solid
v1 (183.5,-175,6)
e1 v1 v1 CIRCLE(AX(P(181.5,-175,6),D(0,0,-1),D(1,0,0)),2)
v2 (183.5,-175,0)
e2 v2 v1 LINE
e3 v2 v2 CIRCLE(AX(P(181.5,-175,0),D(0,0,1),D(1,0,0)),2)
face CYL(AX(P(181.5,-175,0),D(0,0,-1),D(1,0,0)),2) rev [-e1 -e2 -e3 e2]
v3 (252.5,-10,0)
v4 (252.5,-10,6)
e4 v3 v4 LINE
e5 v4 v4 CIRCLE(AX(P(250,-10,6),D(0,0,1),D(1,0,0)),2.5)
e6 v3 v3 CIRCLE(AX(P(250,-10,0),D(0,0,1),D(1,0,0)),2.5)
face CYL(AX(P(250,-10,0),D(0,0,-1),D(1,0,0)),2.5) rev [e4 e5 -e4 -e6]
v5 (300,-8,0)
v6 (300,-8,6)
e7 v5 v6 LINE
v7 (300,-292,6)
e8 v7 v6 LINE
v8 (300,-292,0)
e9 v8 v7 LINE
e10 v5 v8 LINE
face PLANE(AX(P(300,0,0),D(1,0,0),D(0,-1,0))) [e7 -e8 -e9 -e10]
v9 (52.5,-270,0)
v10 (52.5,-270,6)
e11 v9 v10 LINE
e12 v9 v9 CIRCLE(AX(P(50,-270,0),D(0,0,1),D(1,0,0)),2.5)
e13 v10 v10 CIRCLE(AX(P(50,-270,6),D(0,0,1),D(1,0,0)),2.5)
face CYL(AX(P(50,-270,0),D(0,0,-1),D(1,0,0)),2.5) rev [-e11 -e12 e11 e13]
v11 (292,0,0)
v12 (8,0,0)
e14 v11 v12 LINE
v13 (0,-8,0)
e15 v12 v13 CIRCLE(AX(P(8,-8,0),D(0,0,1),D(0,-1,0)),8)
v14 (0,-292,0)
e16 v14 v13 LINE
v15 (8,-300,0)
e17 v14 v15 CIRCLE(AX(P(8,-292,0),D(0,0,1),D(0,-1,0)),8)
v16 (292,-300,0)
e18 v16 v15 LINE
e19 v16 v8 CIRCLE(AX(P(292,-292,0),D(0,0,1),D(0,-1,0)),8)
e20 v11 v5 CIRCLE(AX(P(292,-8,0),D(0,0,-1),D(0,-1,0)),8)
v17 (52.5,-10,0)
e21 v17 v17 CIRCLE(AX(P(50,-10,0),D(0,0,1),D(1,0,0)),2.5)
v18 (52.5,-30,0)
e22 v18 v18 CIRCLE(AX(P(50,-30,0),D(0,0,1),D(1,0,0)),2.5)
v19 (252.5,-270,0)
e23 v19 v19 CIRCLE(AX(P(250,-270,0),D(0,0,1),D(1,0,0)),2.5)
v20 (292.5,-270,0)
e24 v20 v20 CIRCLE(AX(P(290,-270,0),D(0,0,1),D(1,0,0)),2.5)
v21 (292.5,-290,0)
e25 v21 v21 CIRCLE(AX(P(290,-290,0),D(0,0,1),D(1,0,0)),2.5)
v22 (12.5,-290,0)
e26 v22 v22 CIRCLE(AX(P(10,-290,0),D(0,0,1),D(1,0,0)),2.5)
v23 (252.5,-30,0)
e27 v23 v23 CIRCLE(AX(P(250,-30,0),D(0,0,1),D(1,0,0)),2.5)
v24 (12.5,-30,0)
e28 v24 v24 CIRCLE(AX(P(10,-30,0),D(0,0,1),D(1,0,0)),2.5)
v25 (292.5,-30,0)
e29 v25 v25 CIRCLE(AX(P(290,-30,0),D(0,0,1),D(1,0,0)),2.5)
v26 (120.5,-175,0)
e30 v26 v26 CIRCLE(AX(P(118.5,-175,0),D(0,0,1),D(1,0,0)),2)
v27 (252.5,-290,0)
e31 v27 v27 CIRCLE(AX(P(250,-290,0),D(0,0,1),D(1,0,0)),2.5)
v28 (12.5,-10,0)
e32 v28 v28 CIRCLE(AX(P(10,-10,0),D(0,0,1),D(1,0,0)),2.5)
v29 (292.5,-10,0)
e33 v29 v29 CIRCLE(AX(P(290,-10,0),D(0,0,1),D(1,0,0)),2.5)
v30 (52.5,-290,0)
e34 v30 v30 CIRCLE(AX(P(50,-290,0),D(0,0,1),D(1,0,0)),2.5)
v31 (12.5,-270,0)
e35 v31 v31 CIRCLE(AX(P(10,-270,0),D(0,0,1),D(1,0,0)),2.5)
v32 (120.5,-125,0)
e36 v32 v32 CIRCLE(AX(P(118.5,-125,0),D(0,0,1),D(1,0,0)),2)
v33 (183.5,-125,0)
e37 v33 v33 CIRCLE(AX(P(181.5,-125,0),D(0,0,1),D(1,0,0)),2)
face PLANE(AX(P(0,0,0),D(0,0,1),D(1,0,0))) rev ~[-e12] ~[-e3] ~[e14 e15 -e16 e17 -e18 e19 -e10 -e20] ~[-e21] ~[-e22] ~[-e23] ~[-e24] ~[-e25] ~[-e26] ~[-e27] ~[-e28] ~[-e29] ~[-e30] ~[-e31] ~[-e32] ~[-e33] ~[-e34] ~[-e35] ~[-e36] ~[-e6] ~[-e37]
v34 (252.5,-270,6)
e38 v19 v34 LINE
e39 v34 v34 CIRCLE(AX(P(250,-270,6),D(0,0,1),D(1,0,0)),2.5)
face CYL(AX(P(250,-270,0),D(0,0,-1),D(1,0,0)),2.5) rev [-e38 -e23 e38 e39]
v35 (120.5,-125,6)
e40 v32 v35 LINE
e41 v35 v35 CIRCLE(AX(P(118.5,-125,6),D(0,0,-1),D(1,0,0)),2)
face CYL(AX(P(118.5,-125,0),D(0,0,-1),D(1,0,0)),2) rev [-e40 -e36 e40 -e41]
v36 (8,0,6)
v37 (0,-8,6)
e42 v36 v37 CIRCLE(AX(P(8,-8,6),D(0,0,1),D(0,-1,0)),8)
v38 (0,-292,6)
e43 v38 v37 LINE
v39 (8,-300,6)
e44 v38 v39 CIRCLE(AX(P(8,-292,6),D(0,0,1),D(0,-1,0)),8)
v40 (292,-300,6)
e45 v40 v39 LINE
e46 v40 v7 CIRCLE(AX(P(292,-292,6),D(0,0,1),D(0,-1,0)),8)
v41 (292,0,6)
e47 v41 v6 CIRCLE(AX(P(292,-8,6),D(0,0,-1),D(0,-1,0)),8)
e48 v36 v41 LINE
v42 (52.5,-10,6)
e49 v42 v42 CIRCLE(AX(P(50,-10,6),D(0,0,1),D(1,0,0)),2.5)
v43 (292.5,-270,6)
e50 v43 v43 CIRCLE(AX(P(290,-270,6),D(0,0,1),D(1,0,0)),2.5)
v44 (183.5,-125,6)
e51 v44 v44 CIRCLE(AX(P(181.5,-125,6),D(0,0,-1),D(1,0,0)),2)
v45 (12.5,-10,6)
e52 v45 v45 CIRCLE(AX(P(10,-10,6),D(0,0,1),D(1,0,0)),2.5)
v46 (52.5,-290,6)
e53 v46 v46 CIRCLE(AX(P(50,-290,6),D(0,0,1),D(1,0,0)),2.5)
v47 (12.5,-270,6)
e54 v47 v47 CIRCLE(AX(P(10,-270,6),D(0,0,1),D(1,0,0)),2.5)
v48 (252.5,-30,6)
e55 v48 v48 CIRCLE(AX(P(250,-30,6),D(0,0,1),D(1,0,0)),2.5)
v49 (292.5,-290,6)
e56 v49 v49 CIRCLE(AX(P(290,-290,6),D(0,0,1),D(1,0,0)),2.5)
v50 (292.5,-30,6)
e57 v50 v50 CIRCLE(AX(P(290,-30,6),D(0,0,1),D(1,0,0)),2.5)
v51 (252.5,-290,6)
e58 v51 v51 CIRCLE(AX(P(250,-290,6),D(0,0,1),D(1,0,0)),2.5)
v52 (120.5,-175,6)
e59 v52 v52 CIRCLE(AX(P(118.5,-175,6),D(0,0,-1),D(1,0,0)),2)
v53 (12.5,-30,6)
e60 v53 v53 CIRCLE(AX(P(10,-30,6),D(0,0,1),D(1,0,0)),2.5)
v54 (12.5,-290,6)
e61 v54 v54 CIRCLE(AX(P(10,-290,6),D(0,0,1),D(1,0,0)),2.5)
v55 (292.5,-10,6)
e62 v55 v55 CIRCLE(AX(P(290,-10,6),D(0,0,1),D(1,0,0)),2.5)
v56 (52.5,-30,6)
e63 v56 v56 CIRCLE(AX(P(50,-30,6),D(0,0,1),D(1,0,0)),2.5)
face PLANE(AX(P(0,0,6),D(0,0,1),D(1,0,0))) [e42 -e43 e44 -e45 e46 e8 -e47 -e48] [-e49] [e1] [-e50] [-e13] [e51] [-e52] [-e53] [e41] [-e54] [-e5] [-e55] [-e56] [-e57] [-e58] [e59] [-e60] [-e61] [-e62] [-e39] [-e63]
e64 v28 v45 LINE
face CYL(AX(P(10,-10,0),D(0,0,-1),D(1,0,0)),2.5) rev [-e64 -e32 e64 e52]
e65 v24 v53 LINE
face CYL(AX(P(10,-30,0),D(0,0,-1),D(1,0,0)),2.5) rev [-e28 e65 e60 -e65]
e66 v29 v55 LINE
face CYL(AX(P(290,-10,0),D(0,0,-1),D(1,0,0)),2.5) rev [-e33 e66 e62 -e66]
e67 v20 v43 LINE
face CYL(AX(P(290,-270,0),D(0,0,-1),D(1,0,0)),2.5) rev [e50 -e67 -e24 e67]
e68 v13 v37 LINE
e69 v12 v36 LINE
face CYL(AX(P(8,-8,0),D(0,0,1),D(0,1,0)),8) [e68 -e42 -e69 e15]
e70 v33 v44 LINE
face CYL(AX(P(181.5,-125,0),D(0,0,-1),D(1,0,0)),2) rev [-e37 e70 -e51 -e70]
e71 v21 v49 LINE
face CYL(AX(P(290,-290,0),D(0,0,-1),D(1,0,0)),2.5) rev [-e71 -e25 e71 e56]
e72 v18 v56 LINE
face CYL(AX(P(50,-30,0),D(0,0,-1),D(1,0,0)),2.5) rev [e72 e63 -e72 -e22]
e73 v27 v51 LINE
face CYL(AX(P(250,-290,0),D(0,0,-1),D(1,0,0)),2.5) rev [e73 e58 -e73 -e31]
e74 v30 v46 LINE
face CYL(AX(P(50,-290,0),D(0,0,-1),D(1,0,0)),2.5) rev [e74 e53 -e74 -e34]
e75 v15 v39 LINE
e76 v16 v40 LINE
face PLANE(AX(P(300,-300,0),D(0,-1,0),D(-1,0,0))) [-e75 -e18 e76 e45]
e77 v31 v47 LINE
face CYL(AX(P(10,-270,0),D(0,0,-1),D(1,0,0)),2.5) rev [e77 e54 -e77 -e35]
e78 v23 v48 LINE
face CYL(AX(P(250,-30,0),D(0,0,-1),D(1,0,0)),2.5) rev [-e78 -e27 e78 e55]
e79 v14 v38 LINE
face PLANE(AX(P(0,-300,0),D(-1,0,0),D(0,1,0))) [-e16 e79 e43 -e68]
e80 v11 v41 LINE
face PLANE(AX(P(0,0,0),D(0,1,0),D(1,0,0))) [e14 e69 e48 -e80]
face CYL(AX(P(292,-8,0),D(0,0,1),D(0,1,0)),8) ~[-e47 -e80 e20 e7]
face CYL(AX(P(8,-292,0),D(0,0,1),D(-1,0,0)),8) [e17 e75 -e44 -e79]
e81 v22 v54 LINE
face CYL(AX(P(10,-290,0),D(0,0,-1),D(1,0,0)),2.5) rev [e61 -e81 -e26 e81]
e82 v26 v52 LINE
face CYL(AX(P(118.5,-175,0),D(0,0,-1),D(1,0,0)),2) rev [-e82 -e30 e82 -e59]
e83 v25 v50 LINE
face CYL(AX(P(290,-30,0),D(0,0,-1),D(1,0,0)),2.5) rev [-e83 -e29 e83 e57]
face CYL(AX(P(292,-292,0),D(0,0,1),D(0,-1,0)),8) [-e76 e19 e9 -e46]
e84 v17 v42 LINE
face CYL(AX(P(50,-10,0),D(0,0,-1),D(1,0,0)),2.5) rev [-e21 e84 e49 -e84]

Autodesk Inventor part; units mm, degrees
ref_plane "YZ Plane" through (0, 0, 0) normal (1, 0, 0) x (0, 1, 0)
ref_plane "XZ Plane" through (0, 0, 0) normal (0, 1, 0) x (-1, 0, 0)
ref_plane "XY Plane" through (0, 0, 0) normal (0, 0, 1) x (1, 0, 0)
sketch "Sketch1" plane through (0, 0, 0) normal (0, 0, 1) x (1, 0, 0)
  line L0 (0, 0) -> (300, 0)
  line L1 (300, 0) -> (300, -300)
  line L2 (300, -300) -> (0, -300)
  line L3 (0, -300) -> (0, 0)
  circle A0 centre (118.5, -125) radius 2
  circle A1 centre (118.5, -175) radius 2
  circle A2 centre (181.5, -175) radius 2
  circle A3 centre (181.5, -125) radius 2
  line L4 (118.5, -125) -> (118.5, -175)
  line L5 (118.5, -125) -> (181.5, -125)
  line L6 (118.5, -175) -> (181.5, -175)
  line L7 (181.5, -125) -> (181.5, -175)
  circle A4 centre (290, -10) radius 2.5
  circle A5 centre (290, -30) radius 2.5
  circle A6 centre (250, -30) radius 2.5
  circle A7 centre (250, -10) radius 2.5
  line L8 (300, -6.9) -> (223, -6.9)
  line L9 (300, -13.1) -> (223, -13.1)
  line L10 (300, -33.1) -> (223, -33.1)
  line L11 (300, -26.9) -> (223, -26.9)
  line L12 (300, -40) -> (222.6975, -40)
  line L13 (240, 0) -> (240, -40)
  circle A8 centre (290, -270) radius 2.5
  circle A9 centre (290, -290) radius 2.5
  circle A10 centre (250, -290) radius 2.5
  circle A11 centre (250, -270) radius 2.5
  circle A12 centre (50, -270) radius 2.5
  circle A13 centre (50, -290) radius 2.5
  circle A14 centre (10, -290) radius 2.5
  circle A15 centre (10, -270) radius 2.5
  circle A16 centre (50, -10) radius 2.5
  circle A17 centre (50, -30) radius 2.5
  circle A18 centre (10, -30) radius 2.5
  circle A19 centre (10, -10) radius 2.5
  dimension "d29" = 50
  dimension "d31" = 50
  dimension "d33" = 300
  dimension "d34" = 300
  dimension "d35" = 118.5
  dimension "d36" = 125
  dimension "d37" = 63
  dimension "d38" = 5
  dimension "d39" = 5
  dimension "d40" = 5
  dimension "d41" = 5
  dimension "d42" = 6.2
  dimension "d43" = 6.9
  dimension "d44" = 10
  dimension "d45" = 10
  dimension "d46" = 10
  dimension "d47" = 10
  dimension "d48" = 10
  dimension "d49" = 40
  dimension "d50" = 40
  dimension "d51" = 10
  dimension "d58" = 10
  dimension "d59" = 40
  dimension "d60" = 5
  dimension "d61" = 5
  dimension "d62" = 5
  dimension "d63" = 5
  dimension "d64" = 40
  dimension "d65" = 40
  dimension "d66" = 5
  dimension "d67" = 5
  dimension "d68" = 5
  dimension "d69" = 5
  dimension "d70" = 40
  dimension "d71" = 40
  dimension "d72" = 5
  dimension "d73" = 5
  dimension "d74" = 5
  dimension "d75" = 5
  dimension "d76" = 40
  dimension "d77" = 40
extrude "Extrusion1" add sketch "Sketch1" along normal blind 6 contours L0 L13 L12 L1 L2 L3 | L0 L1 L8 L13 | L8 L1 L9 L13 | L9 L1 L11 L13 | L12 L13 L10 L1 | L11 L1 L10 L13 | L5 A3 L7 A2 L6 A1 L4 A0
fillet "Fillet1" radius 8 4 edges at (0, -300, 3) (300, -300, 3) (300, 0, 3) (0, 0, 3)
equation "\"d29\" = d31"
equation "\"d35\" = -0.5 * d37 + 0.5 * d34"
equation "\"d36\" = -0.5 * d29 + 0.5 * d33"
equation "\"d39\" = d38"
equation "\"d40\" = d38"
equation "\"d41\" = d38"
equation "\"d18\" = -0.5 * d12 + 0.5 * d1"
equation "\"d12\" = 74"
equation "\"d1\" = 170"
properties part number "BaseC_1" material "Steel"
